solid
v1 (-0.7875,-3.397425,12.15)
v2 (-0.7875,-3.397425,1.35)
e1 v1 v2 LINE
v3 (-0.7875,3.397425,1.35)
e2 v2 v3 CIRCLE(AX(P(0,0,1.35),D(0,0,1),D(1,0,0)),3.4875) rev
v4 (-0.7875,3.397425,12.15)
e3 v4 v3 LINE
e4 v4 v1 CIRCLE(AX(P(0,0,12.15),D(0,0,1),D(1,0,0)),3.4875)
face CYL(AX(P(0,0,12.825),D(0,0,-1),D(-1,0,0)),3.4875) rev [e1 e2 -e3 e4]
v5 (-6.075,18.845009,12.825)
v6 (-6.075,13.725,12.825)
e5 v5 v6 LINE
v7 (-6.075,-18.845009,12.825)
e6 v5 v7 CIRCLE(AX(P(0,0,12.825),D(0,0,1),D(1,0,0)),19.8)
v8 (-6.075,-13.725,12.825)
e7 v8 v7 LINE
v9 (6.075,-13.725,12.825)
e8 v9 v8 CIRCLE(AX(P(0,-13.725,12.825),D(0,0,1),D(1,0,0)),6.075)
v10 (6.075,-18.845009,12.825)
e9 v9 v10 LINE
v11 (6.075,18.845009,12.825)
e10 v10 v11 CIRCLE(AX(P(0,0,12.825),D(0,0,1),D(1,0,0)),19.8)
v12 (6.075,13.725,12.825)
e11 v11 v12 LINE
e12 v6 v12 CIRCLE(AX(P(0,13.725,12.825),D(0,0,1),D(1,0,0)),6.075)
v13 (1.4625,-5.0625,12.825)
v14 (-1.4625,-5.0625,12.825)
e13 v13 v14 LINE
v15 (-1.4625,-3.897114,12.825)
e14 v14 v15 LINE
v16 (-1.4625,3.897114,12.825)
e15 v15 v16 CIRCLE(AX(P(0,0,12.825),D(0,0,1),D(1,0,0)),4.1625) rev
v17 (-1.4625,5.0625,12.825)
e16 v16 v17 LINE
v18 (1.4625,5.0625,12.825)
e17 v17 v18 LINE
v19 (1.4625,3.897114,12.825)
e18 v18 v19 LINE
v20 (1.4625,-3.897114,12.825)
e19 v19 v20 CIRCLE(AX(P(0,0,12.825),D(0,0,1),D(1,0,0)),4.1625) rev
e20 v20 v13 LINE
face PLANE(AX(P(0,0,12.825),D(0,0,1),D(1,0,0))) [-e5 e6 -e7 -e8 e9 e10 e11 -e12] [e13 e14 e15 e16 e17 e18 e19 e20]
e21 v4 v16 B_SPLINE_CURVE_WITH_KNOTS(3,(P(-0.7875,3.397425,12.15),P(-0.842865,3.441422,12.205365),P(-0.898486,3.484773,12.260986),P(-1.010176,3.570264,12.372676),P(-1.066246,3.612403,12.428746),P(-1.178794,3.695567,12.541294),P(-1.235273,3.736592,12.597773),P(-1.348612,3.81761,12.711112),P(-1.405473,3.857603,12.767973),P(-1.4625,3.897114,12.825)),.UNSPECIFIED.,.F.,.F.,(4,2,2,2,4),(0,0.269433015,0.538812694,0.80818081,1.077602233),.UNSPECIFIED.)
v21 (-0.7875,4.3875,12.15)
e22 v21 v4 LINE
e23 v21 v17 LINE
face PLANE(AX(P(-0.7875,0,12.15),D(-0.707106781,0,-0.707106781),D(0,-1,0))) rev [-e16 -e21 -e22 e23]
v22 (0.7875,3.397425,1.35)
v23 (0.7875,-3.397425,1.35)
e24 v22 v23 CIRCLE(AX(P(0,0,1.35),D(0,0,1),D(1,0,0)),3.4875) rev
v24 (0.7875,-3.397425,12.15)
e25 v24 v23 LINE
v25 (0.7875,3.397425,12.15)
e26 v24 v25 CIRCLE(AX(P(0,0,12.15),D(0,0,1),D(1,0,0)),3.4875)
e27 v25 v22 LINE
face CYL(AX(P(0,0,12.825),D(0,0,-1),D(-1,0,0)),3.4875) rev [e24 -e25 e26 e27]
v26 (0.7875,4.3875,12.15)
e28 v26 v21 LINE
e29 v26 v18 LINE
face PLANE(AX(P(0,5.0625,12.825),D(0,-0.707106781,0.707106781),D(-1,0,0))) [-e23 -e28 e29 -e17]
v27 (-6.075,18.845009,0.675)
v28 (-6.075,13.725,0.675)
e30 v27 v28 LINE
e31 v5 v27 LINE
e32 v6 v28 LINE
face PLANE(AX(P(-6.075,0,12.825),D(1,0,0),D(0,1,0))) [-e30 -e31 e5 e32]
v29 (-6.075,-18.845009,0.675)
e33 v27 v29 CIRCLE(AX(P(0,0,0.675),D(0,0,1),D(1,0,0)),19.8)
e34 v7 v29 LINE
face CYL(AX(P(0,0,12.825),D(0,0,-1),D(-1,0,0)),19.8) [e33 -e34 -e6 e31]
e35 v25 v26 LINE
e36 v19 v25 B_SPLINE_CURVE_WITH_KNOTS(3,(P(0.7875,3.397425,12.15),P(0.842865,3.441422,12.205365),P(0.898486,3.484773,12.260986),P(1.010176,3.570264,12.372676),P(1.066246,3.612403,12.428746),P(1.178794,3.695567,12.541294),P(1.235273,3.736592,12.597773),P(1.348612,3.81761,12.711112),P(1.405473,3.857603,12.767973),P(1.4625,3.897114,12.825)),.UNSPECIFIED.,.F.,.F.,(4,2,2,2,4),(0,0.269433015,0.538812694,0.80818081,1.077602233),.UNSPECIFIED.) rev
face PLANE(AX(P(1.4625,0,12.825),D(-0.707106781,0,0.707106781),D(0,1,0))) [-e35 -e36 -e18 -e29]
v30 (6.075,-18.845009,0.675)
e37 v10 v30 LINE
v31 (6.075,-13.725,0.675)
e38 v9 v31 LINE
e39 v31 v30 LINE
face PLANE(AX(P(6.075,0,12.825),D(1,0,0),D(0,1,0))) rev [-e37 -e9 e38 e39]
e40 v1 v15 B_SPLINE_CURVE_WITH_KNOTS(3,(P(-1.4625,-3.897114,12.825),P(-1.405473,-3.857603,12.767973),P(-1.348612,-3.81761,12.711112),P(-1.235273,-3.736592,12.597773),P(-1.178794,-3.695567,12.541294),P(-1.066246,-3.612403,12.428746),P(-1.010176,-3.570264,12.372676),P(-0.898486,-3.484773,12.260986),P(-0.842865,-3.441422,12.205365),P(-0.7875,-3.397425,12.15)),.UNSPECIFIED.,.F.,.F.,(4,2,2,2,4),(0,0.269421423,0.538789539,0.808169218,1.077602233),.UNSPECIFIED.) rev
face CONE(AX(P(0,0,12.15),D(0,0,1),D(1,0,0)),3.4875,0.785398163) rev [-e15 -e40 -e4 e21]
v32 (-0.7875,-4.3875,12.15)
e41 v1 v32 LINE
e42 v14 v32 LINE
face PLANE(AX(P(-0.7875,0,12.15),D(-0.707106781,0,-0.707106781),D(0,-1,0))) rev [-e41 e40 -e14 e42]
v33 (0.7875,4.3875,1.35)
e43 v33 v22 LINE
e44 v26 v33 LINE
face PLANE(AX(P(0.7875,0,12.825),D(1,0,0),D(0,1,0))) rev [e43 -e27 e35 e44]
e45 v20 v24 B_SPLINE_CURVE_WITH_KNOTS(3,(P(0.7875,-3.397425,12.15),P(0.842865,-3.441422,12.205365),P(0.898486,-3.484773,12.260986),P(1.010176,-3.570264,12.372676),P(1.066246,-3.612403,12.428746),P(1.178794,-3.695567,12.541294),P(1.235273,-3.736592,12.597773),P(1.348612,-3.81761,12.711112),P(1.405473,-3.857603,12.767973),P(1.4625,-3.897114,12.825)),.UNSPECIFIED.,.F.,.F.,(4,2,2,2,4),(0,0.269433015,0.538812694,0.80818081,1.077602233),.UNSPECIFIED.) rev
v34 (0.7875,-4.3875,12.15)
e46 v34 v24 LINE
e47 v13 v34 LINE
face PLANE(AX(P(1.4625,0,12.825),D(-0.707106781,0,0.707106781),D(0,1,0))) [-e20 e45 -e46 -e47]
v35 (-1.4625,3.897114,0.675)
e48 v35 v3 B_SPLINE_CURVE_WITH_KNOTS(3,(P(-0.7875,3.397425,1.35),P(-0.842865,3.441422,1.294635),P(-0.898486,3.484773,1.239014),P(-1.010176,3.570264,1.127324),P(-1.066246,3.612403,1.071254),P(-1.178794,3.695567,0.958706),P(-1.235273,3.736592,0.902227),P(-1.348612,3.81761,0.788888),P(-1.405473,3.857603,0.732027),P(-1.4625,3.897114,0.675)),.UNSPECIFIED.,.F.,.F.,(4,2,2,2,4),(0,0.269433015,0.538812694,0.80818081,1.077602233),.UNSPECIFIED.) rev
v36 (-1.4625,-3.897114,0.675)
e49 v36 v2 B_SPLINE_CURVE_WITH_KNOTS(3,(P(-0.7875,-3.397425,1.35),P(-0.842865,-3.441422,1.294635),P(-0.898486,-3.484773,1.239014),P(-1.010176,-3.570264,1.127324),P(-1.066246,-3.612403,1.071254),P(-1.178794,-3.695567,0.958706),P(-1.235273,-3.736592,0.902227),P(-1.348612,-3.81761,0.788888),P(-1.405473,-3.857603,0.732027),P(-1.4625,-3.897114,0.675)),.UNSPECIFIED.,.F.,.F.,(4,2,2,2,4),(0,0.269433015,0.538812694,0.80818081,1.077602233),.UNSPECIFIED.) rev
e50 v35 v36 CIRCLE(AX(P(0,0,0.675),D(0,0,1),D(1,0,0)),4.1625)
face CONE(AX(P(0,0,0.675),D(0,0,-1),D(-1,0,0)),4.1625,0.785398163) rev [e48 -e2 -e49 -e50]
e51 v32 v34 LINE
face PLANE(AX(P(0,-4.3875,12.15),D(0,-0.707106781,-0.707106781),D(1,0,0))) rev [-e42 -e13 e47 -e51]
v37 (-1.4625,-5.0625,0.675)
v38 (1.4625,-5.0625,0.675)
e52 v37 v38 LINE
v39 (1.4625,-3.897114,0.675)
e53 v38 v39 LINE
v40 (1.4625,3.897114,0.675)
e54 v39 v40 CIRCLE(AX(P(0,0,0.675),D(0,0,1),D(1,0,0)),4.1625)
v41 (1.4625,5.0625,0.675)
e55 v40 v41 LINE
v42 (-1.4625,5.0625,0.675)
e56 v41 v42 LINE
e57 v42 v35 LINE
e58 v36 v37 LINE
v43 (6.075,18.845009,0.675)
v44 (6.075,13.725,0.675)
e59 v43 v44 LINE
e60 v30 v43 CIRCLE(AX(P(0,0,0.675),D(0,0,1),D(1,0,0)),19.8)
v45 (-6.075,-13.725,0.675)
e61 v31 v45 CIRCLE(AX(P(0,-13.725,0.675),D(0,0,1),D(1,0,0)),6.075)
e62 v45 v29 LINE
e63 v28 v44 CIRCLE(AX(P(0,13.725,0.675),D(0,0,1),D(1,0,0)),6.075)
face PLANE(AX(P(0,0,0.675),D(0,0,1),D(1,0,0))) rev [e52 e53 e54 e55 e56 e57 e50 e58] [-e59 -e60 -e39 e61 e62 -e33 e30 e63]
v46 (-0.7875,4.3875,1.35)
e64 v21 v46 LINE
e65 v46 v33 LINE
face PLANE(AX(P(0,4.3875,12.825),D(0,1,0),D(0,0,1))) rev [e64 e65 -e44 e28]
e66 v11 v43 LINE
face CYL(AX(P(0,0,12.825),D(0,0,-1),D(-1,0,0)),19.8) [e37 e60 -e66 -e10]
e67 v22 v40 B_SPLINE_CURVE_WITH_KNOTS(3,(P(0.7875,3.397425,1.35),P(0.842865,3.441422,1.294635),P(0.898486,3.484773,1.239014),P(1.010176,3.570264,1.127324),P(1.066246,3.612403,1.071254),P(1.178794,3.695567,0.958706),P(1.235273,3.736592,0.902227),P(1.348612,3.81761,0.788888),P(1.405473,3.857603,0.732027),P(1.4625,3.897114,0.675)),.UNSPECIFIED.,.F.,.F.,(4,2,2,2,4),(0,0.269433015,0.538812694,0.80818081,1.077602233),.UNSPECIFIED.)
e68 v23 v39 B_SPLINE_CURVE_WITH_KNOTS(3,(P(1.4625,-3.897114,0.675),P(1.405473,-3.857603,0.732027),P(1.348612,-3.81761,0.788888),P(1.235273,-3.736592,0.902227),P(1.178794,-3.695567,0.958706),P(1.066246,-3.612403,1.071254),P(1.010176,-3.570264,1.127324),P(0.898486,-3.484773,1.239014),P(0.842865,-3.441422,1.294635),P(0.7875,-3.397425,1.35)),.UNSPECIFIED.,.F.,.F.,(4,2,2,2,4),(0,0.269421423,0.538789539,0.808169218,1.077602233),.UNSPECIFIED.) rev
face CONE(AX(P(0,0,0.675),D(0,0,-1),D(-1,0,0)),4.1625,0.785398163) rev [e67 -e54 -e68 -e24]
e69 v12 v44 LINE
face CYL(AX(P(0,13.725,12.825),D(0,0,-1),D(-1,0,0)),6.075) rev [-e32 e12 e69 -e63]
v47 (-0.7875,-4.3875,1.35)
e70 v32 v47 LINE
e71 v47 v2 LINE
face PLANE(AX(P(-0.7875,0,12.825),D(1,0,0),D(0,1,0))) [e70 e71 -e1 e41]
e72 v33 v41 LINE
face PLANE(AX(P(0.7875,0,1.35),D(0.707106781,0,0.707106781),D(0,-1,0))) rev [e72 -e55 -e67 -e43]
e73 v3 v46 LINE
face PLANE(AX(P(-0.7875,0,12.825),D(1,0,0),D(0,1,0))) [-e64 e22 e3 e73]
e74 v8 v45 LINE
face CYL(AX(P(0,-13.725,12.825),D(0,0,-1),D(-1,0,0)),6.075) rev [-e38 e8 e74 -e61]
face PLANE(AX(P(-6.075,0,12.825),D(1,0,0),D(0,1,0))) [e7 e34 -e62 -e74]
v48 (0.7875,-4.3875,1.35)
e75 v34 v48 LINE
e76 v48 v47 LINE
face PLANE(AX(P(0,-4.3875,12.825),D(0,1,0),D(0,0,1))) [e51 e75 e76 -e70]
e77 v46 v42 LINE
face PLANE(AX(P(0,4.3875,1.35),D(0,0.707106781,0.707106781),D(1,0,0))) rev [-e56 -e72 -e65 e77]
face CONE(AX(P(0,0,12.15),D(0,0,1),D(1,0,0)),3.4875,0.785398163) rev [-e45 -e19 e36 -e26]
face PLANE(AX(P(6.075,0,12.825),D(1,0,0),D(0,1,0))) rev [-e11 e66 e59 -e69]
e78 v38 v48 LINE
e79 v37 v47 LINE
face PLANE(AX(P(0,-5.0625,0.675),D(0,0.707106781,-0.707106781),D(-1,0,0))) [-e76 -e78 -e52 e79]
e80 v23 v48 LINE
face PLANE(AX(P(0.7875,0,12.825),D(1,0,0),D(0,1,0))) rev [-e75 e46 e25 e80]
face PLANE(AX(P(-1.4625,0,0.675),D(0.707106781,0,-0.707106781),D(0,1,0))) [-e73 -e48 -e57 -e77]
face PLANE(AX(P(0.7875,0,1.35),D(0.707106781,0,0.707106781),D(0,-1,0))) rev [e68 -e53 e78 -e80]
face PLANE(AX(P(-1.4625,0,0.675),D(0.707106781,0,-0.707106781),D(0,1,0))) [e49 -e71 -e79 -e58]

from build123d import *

# Parameters (mm, degrees)
BOSS_EXTRUDE1_DEPTH = 13.5
CHAMFER1_SIZE       = 0.75
CHAMFER2_SIZE       = 0.75
SCALE1_SCALE        = 0.9


with BuildPart() as part:
    # Sketch1 → Boss-Extrude1 (new body)
    # profile 1 of 3: a face of its own
    with BuildSketch(Plane.XY):
        with BuildLine():
            Line((-6.750000000000002, 15.249999999999998), (-6.750000000000003, 20.93889920697836))
            ThreePointArc((-6.750000000000044, 20.93889920697837), (-22, -1.685e-14), (-6.750000000000026, -20.938899206978377))
            Line((-6.749999999999997, -20.938899206978377), (-6.749999999999998, -15.25000000517543))
            Line((-6.749999999999998, -15.25000000517543), (-6.750000000000002, 15.249999999999998))
        make_face()
    # profile 2 of 3: a face of its own
    with BuildSketch(Plane.XY):
        with BuildLine():
            ThreePointArc((22, 0), (17.78341924377873, 12.95183384698863), (6.749999999999977, 20.93889920697839))
            Line((6.749999999999997, 20.938899206978398), (6.749999999999998, 15.25))
            Line((6.749999999999998, 15.25), (6.750000000000002, -15.25))
            Line((6.750000000000002, -15.25), (6.750000000000003, -20.93889920697839))
            ThreePointArc((6.749999999999982, -20.938899206978387), (17.78341924377873, -12.95183384698863), (22, -5.39e-15))
        make_face()
    # profile 3 of 3: a face of its own
    with BuildSketch(Plane.XY):
        with BuildLine():
            ThreePointArc((6.749999999999999, 15.249999999999998), (-1.24e-15, 8.5), (-6.749999999999999, 15.25))
            Line((-6.750000000000002, 15.249999999999998), (-6.749999999999998, -15.25000000517543))
            ThreePointArc((-6.75, -15.250000005175428), (-2.58771413e-09, -8.5), (6.75, -15.25))
            Line((6.750000000000002, -15.25), (6.749999999999998, 15.25))
        make_face()
        with BuildLine():
            Line((-0.8750000000000007, 3.7749172176354118), (-0.8750000000000008, 4.875))
            Line((-0.8750000000000008, 4.875), (0.8749999999999992, 4.875))
            Line((0.8749999999999992, 4.875), (0.8749999999999993, 3.774917217635379))
            ThreePointArc((0.8749999999999902, 3.774917217635377), (3.033665274877896, 2.4109126902482427), (3.875, 0))
            ThreePointArc((3.875, -9.5e-16), (3.033665274877896, -2.4109126902482427), (0.8749999999999918, -3.7749172176353767))
            Line((0.8750000000000004, -3.7749172176353767), (0.8750000000000006, -4.875))
            Line((0.8750000000000006, -4.875), (-0.8749999999999994, -4.875))
            Line((-0.8749999999999994, -4.875), (-0.8749999999999996, -3.774917217635412))
            ThreePointArc((-0.8749999999999161, -3.7749172176353945), (-3.875, 4.7e-16), (-0.8749999999999168, 3.774917217635394))
        make_face(mode=Mode.SUBTRACT)
    extrude(amount=BOSS_EXTRUDE1_DEPTH)

    # Chamfer1
    chamfer1_edges = [part.edges().sort_by_distance(p)[0] for p in [
        (-0.8749999999999996, -4.324958608817706, 0),
        (5.6e-16, -4.875, 0),
        (0.8750000000000004, -4.324958608817688, 0),
        (3.875, 1.22e-15, 0),
        (0.8749999999999993, 4.324958608817689, 0),
        (-7.8e-16, 4.875, 0),
        (-0.8750000000000007, 4.324958608817706, 0),
        (-3.8749999999999996, -3.3e-16, 0),
    ]]
    chamfer(chamfer1_edges, length=CHAMFER1_SIZE)

    # Chamfer2
    chamfer2_edges = [part.edges().sort_by_distance(p)[0] for p in [
        (-3.8749999999999996, -3.3e-16, 13.5),
        (-0.8750000000000007, 4.324958608817706, 13.5),
        (-7.8e-16, 4.875, 13.5),
        (0.8749999999999993, 4.324958608817689, 13.5),
        (3.875, -2.2e-16, 13.5),
        (0.8750000000000004, -4.324958608817688, 13.5),
        (5.6e-16, -4.875, 13.5),
        (-0.8749999999999996, -4.324958608817706, 13.5),
    ]]
    chamfer(chamfer2_edges, length=CHAMFER2_SIZE)


with BuildPart() as part_1:
    # Scale1: scaled about (0, 0, 6.75)
    add(part.part.scale(SCALE1_SCALE).moved(Location((0, 0, 0.6749999999999998))))


solid = part_1.part
